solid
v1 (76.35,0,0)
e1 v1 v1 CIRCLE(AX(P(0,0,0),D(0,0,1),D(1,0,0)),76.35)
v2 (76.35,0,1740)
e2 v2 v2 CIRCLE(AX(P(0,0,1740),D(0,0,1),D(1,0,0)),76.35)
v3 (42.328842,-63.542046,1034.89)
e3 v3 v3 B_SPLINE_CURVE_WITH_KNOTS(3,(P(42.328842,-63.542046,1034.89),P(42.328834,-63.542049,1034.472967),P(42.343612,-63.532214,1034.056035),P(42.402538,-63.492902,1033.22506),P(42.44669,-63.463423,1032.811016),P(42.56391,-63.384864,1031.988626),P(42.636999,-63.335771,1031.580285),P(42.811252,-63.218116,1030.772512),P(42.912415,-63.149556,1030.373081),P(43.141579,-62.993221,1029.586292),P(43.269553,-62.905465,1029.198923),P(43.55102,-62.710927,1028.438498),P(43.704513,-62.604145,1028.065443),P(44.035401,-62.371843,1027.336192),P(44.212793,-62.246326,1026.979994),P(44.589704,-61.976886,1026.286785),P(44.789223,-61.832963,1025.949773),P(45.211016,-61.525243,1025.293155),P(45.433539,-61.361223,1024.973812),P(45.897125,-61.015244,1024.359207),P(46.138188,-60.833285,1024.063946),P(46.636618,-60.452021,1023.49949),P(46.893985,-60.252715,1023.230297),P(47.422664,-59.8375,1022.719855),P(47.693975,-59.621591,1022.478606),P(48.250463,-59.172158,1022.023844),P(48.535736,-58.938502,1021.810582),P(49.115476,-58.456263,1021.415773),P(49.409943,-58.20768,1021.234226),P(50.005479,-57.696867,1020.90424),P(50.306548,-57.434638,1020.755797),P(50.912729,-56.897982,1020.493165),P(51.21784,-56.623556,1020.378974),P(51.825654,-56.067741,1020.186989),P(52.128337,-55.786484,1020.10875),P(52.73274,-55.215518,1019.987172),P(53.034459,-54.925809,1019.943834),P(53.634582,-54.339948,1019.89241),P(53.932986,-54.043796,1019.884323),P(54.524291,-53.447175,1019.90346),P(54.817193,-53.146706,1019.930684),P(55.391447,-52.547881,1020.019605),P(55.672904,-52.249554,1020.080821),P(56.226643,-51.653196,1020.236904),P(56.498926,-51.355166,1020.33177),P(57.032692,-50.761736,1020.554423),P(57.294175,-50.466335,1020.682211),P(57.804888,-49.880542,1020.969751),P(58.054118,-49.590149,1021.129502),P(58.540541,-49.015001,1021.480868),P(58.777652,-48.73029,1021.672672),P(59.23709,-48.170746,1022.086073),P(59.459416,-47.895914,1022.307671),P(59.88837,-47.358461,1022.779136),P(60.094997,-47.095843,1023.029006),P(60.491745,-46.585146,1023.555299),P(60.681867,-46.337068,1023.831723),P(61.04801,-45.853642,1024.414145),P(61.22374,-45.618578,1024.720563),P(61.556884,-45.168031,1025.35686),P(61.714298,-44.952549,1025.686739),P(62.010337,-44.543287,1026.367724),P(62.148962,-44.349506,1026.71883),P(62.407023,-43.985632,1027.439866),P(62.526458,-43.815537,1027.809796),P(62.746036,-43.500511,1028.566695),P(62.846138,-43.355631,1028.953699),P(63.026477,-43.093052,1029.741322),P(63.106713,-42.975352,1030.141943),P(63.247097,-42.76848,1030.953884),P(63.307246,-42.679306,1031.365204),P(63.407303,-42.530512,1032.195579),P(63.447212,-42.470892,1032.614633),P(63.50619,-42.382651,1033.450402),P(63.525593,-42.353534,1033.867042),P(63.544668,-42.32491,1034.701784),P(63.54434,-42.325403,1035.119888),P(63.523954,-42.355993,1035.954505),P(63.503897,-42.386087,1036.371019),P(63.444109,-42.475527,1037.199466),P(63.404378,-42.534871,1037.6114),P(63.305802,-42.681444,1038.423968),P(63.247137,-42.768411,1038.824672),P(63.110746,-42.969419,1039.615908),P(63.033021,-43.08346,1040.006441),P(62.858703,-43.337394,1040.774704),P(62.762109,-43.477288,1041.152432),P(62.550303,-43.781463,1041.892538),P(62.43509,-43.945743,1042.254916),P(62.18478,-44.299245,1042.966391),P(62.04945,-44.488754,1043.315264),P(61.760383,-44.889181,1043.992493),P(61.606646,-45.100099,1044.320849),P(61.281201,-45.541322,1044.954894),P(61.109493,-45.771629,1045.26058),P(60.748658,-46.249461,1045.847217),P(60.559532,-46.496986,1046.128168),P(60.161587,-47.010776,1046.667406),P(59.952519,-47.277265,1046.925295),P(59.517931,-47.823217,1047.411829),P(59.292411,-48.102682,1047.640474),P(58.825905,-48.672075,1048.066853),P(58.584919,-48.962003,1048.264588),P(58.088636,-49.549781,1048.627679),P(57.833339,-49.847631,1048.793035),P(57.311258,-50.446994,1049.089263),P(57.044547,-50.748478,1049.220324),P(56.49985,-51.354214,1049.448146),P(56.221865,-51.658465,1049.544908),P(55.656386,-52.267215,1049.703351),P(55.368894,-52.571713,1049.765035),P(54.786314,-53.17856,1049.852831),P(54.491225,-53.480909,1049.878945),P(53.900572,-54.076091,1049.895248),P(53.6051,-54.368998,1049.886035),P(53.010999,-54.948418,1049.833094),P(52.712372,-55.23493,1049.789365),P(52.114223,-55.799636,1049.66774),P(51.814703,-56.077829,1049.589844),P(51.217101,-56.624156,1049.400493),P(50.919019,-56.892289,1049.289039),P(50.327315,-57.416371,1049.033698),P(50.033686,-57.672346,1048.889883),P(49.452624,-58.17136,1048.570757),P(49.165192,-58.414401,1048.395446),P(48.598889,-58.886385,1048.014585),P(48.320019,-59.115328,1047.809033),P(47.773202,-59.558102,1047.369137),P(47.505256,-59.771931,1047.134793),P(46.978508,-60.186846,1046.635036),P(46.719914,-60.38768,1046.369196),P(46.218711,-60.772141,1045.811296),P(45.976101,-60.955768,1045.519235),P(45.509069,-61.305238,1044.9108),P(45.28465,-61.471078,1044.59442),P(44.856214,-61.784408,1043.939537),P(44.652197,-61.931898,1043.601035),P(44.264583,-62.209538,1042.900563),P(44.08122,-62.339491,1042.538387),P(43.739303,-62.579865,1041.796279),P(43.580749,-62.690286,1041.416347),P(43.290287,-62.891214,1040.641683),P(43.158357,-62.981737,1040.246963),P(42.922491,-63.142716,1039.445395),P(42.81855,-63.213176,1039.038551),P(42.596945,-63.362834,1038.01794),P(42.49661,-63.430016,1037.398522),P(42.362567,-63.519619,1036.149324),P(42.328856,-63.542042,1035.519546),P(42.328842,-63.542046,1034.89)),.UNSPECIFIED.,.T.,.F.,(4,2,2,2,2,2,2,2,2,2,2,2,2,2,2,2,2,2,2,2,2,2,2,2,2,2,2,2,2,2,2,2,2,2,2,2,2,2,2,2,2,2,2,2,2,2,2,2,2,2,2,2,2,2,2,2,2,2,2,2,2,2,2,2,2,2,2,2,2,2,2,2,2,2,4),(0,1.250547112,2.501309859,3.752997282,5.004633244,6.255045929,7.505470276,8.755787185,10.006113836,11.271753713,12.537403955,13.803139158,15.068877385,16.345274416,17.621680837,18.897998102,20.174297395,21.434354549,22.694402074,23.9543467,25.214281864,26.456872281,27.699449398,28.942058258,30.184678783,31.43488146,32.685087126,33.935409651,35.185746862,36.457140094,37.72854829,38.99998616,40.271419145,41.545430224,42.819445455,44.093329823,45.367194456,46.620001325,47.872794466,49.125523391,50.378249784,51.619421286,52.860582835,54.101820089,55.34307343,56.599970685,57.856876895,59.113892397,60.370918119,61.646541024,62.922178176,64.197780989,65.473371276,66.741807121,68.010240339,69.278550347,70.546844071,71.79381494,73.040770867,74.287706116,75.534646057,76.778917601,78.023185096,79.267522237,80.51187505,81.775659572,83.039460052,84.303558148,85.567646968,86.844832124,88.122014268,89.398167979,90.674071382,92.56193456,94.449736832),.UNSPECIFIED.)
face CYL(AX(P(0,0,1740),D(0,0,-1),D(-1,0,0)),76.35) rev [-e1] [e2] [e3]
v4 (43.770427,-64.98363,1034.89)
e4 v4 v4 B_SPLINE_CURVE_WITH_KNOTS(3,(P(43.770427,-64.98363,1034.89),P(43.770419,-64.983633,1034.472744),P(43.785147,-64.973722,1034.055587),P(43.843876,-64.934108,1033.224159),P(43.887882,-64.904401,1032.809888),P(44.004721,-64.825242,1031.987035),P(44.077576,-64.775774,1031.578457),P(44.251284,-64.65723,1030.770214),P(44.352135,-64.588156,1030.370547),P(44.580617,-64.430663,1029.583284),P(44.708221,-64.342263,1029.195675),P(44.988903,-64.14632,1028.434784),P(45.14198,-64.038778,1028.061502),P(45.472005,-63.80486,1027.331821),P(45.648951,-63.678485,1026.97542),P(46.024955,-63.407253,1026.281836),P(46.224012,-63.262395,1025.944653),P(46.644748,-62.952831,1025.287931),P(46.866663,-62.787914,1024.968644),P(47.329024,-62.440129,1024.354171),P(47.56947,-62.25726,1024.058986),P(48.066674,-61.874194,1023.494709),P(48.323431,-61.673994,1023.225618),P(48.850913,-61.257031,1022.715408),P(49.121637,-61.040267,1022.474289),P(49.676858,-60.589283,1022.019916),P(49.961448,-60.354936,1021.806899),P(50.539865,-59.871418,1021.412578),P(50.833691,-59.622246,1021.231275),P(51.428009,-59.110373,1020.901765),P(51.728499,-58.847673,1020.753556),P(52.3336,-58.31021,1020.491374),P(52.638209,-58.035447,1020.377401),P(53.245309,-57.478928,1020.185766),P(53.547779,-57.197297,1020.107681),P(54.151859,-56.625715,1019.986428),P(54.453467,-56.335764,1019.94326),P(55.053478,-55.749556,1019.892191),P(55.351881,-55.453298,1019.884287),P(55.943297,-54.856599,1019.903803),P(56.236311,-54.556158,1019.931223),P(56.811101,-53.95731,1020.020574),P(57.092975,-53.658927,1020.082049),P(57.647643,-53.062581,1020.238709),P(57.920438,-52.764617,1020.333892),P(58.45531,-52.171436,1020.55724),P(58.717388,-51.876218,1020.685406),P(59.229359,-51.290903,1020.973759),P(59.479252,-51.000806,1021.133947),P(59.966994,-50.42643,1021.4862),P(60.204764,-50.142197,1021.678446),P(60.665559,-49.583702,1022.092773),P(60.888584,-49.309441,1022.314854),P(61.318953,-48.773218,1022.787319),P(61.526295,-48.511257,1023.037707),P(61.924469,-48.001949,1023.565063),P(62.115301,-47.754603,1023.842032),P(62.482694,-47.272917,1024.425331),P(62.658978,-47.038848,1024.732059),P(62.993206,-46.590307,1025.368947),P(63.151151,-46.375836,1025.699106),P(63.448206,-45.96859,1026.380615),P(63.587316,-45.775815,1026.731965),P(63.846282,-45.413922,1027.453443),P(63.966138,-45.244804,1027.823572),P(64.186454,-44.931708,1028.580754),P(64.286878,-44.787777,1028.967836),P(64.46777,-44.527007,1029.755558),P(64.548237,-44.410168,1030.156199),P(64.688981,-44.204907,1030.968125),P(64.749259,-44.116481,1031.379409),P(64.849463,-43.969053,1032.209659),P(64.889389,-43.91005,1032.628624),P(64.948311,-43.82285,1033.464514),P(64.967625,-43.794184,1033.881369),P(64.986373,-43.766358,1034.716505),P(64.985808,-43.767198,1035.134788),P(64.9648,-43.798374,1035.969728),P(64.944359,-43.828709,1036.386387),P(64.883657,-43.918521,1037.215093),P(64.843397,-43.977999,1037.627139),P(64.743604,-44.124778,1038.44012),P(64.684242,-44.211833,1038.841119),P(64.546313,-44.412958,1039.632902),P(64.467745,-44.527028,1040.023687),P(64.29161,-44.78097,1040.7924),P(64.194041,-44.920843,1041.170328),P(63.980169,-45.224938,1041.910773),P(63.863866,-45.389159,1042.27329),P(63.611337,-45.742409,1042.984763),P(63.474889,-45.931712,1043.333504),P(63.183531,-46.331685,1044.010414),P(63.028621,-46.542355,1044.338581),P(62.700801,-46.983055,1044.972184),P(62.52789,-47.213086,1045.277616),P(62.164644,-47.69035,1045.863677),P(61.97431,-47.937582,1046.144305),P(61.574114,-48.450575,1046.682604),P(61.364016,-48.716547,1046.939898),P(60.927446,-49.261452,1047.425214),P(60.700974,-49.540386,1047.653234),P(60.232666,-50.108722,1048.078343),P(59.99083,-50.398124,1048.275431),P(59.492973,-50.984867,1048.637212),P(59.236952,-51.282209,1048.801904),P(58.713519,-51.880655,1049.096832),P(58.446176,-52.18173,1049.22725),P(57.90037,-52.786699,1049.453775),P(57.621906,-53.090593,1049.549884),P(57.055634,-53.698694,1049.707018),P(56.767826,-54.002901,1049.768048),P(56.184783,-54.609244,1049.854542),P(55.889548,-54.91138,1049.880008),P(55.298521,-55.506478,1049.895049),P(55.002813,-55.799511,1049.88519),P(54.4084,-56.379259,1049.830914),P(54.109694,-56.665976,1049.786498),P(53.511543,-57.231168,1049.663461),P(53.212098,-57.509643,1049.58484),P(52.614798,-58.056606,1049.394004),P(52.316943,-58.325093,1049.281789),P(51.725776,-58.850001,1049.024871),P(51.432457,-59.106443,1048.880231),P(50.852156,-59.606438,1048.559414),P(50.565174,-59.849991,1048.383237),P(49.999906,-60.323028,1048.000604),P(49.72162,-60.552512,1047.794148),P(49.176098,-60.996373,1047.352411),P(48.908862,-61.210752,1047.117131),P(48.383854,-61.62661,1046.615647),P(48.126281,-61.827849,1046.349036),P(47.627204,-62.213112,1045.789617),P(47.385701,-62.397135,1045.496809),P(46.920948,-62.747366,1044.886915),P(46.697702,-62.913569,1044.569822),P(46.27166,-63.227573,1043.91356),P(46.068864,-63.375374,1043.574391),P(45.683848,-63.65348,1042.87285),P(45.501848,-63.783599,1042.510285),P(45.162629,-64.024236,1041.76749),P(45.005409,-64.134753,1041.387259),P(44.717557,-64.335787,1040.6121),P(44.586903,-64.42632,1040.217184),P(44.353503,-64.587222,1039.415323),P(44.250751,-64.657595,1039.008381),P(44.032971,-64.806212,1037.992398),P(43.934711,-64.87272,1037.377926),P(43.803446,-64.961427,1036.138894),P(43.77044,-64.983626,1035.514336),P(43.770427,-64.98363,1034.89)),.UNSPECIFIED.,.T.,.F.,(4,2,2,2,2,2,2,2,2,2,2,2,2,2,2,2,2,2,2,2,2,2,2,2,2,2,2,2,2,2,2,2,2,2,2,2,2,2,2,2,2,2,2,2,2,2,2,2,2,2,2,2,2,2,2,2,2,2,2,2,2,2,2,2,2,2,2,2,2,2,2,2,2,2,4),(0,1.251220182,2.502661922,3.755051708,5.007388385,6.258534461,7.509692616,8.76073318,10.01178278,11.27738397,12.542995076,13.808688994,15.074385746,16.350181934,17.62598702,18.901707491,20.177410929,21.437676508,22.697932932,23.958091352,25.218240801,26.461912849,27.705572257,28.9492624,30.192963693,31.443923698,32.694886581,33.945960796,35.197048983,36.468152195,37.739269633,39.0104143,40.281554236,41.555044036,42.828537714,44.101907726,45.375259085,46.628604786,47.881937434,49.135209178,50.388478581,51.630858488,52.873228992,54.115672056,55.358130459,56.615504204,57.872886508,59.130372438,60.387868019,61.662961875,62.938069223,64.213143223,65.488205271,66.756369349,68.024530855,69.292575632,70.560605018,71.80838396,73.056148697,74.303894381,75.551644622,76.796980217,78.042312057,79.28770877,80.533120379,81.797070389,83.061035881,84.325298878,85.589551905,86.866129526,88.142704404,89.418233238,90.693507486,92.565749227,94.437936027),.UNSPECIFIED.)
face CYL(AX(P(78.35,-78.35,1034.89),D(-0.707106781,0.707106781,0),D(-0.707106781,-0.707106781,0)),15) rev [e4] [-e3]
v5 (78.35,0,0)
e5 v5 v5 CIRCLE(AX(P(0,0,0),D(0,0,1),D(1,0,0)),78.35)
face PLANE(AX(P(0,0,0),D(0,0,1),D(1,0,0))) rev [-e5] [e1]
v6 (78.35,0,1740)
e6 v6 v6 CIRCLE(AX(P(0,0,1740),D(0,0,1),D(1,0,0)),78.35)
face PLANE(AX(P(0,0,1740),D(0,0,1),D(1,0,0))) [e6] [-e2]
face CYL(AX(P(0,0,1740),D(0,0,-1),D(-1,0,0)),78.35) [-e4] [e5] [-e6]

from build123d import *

# Parameters (mm, degrees)
SKETCH1_R           = 78.35
SKETCH1_R_2         = 76.35
BOSS_EXTRUDE1_DEPTH = 1740
SKETCH5_R           = 15
CUT_EXTRUDE2_DEPTH  = 1744.524432005


with BuildPart() as part:
    # Sketch1 → Boss-Extrude1 (new body)
    with BuildSketch(Plane.XY):
        with Locations(Location((0, 0, 0), (0, 0, 180))):
            Circle(SKETCH1_R)
        with Locations(Location((0, 0, 0), (0, 0, 180))):
            Circle(SKETCH1_R_2, mode=Mode.SUBTRACT)
    extrude(amount=BOSS_EXTRUDE1_DEPTH)

    # Sketch5 → Cut-Extrude2 (cut, through all)
    with BuildSketch(Plane(origin=(0, 0, 0), x_dir=(0, 0, -1), z_dir=(0.7071067811865489, -0.7071067811865462, 0))):
        with Locations(Location((-1034.89, 0, 0), (0, 0, 270))):
            Circle(SKETCH5_R)
    extrude(amount=CUT_EXTRUDE2_DEPTH, mode=Mode.SUBTRACT)


solid = part.part
